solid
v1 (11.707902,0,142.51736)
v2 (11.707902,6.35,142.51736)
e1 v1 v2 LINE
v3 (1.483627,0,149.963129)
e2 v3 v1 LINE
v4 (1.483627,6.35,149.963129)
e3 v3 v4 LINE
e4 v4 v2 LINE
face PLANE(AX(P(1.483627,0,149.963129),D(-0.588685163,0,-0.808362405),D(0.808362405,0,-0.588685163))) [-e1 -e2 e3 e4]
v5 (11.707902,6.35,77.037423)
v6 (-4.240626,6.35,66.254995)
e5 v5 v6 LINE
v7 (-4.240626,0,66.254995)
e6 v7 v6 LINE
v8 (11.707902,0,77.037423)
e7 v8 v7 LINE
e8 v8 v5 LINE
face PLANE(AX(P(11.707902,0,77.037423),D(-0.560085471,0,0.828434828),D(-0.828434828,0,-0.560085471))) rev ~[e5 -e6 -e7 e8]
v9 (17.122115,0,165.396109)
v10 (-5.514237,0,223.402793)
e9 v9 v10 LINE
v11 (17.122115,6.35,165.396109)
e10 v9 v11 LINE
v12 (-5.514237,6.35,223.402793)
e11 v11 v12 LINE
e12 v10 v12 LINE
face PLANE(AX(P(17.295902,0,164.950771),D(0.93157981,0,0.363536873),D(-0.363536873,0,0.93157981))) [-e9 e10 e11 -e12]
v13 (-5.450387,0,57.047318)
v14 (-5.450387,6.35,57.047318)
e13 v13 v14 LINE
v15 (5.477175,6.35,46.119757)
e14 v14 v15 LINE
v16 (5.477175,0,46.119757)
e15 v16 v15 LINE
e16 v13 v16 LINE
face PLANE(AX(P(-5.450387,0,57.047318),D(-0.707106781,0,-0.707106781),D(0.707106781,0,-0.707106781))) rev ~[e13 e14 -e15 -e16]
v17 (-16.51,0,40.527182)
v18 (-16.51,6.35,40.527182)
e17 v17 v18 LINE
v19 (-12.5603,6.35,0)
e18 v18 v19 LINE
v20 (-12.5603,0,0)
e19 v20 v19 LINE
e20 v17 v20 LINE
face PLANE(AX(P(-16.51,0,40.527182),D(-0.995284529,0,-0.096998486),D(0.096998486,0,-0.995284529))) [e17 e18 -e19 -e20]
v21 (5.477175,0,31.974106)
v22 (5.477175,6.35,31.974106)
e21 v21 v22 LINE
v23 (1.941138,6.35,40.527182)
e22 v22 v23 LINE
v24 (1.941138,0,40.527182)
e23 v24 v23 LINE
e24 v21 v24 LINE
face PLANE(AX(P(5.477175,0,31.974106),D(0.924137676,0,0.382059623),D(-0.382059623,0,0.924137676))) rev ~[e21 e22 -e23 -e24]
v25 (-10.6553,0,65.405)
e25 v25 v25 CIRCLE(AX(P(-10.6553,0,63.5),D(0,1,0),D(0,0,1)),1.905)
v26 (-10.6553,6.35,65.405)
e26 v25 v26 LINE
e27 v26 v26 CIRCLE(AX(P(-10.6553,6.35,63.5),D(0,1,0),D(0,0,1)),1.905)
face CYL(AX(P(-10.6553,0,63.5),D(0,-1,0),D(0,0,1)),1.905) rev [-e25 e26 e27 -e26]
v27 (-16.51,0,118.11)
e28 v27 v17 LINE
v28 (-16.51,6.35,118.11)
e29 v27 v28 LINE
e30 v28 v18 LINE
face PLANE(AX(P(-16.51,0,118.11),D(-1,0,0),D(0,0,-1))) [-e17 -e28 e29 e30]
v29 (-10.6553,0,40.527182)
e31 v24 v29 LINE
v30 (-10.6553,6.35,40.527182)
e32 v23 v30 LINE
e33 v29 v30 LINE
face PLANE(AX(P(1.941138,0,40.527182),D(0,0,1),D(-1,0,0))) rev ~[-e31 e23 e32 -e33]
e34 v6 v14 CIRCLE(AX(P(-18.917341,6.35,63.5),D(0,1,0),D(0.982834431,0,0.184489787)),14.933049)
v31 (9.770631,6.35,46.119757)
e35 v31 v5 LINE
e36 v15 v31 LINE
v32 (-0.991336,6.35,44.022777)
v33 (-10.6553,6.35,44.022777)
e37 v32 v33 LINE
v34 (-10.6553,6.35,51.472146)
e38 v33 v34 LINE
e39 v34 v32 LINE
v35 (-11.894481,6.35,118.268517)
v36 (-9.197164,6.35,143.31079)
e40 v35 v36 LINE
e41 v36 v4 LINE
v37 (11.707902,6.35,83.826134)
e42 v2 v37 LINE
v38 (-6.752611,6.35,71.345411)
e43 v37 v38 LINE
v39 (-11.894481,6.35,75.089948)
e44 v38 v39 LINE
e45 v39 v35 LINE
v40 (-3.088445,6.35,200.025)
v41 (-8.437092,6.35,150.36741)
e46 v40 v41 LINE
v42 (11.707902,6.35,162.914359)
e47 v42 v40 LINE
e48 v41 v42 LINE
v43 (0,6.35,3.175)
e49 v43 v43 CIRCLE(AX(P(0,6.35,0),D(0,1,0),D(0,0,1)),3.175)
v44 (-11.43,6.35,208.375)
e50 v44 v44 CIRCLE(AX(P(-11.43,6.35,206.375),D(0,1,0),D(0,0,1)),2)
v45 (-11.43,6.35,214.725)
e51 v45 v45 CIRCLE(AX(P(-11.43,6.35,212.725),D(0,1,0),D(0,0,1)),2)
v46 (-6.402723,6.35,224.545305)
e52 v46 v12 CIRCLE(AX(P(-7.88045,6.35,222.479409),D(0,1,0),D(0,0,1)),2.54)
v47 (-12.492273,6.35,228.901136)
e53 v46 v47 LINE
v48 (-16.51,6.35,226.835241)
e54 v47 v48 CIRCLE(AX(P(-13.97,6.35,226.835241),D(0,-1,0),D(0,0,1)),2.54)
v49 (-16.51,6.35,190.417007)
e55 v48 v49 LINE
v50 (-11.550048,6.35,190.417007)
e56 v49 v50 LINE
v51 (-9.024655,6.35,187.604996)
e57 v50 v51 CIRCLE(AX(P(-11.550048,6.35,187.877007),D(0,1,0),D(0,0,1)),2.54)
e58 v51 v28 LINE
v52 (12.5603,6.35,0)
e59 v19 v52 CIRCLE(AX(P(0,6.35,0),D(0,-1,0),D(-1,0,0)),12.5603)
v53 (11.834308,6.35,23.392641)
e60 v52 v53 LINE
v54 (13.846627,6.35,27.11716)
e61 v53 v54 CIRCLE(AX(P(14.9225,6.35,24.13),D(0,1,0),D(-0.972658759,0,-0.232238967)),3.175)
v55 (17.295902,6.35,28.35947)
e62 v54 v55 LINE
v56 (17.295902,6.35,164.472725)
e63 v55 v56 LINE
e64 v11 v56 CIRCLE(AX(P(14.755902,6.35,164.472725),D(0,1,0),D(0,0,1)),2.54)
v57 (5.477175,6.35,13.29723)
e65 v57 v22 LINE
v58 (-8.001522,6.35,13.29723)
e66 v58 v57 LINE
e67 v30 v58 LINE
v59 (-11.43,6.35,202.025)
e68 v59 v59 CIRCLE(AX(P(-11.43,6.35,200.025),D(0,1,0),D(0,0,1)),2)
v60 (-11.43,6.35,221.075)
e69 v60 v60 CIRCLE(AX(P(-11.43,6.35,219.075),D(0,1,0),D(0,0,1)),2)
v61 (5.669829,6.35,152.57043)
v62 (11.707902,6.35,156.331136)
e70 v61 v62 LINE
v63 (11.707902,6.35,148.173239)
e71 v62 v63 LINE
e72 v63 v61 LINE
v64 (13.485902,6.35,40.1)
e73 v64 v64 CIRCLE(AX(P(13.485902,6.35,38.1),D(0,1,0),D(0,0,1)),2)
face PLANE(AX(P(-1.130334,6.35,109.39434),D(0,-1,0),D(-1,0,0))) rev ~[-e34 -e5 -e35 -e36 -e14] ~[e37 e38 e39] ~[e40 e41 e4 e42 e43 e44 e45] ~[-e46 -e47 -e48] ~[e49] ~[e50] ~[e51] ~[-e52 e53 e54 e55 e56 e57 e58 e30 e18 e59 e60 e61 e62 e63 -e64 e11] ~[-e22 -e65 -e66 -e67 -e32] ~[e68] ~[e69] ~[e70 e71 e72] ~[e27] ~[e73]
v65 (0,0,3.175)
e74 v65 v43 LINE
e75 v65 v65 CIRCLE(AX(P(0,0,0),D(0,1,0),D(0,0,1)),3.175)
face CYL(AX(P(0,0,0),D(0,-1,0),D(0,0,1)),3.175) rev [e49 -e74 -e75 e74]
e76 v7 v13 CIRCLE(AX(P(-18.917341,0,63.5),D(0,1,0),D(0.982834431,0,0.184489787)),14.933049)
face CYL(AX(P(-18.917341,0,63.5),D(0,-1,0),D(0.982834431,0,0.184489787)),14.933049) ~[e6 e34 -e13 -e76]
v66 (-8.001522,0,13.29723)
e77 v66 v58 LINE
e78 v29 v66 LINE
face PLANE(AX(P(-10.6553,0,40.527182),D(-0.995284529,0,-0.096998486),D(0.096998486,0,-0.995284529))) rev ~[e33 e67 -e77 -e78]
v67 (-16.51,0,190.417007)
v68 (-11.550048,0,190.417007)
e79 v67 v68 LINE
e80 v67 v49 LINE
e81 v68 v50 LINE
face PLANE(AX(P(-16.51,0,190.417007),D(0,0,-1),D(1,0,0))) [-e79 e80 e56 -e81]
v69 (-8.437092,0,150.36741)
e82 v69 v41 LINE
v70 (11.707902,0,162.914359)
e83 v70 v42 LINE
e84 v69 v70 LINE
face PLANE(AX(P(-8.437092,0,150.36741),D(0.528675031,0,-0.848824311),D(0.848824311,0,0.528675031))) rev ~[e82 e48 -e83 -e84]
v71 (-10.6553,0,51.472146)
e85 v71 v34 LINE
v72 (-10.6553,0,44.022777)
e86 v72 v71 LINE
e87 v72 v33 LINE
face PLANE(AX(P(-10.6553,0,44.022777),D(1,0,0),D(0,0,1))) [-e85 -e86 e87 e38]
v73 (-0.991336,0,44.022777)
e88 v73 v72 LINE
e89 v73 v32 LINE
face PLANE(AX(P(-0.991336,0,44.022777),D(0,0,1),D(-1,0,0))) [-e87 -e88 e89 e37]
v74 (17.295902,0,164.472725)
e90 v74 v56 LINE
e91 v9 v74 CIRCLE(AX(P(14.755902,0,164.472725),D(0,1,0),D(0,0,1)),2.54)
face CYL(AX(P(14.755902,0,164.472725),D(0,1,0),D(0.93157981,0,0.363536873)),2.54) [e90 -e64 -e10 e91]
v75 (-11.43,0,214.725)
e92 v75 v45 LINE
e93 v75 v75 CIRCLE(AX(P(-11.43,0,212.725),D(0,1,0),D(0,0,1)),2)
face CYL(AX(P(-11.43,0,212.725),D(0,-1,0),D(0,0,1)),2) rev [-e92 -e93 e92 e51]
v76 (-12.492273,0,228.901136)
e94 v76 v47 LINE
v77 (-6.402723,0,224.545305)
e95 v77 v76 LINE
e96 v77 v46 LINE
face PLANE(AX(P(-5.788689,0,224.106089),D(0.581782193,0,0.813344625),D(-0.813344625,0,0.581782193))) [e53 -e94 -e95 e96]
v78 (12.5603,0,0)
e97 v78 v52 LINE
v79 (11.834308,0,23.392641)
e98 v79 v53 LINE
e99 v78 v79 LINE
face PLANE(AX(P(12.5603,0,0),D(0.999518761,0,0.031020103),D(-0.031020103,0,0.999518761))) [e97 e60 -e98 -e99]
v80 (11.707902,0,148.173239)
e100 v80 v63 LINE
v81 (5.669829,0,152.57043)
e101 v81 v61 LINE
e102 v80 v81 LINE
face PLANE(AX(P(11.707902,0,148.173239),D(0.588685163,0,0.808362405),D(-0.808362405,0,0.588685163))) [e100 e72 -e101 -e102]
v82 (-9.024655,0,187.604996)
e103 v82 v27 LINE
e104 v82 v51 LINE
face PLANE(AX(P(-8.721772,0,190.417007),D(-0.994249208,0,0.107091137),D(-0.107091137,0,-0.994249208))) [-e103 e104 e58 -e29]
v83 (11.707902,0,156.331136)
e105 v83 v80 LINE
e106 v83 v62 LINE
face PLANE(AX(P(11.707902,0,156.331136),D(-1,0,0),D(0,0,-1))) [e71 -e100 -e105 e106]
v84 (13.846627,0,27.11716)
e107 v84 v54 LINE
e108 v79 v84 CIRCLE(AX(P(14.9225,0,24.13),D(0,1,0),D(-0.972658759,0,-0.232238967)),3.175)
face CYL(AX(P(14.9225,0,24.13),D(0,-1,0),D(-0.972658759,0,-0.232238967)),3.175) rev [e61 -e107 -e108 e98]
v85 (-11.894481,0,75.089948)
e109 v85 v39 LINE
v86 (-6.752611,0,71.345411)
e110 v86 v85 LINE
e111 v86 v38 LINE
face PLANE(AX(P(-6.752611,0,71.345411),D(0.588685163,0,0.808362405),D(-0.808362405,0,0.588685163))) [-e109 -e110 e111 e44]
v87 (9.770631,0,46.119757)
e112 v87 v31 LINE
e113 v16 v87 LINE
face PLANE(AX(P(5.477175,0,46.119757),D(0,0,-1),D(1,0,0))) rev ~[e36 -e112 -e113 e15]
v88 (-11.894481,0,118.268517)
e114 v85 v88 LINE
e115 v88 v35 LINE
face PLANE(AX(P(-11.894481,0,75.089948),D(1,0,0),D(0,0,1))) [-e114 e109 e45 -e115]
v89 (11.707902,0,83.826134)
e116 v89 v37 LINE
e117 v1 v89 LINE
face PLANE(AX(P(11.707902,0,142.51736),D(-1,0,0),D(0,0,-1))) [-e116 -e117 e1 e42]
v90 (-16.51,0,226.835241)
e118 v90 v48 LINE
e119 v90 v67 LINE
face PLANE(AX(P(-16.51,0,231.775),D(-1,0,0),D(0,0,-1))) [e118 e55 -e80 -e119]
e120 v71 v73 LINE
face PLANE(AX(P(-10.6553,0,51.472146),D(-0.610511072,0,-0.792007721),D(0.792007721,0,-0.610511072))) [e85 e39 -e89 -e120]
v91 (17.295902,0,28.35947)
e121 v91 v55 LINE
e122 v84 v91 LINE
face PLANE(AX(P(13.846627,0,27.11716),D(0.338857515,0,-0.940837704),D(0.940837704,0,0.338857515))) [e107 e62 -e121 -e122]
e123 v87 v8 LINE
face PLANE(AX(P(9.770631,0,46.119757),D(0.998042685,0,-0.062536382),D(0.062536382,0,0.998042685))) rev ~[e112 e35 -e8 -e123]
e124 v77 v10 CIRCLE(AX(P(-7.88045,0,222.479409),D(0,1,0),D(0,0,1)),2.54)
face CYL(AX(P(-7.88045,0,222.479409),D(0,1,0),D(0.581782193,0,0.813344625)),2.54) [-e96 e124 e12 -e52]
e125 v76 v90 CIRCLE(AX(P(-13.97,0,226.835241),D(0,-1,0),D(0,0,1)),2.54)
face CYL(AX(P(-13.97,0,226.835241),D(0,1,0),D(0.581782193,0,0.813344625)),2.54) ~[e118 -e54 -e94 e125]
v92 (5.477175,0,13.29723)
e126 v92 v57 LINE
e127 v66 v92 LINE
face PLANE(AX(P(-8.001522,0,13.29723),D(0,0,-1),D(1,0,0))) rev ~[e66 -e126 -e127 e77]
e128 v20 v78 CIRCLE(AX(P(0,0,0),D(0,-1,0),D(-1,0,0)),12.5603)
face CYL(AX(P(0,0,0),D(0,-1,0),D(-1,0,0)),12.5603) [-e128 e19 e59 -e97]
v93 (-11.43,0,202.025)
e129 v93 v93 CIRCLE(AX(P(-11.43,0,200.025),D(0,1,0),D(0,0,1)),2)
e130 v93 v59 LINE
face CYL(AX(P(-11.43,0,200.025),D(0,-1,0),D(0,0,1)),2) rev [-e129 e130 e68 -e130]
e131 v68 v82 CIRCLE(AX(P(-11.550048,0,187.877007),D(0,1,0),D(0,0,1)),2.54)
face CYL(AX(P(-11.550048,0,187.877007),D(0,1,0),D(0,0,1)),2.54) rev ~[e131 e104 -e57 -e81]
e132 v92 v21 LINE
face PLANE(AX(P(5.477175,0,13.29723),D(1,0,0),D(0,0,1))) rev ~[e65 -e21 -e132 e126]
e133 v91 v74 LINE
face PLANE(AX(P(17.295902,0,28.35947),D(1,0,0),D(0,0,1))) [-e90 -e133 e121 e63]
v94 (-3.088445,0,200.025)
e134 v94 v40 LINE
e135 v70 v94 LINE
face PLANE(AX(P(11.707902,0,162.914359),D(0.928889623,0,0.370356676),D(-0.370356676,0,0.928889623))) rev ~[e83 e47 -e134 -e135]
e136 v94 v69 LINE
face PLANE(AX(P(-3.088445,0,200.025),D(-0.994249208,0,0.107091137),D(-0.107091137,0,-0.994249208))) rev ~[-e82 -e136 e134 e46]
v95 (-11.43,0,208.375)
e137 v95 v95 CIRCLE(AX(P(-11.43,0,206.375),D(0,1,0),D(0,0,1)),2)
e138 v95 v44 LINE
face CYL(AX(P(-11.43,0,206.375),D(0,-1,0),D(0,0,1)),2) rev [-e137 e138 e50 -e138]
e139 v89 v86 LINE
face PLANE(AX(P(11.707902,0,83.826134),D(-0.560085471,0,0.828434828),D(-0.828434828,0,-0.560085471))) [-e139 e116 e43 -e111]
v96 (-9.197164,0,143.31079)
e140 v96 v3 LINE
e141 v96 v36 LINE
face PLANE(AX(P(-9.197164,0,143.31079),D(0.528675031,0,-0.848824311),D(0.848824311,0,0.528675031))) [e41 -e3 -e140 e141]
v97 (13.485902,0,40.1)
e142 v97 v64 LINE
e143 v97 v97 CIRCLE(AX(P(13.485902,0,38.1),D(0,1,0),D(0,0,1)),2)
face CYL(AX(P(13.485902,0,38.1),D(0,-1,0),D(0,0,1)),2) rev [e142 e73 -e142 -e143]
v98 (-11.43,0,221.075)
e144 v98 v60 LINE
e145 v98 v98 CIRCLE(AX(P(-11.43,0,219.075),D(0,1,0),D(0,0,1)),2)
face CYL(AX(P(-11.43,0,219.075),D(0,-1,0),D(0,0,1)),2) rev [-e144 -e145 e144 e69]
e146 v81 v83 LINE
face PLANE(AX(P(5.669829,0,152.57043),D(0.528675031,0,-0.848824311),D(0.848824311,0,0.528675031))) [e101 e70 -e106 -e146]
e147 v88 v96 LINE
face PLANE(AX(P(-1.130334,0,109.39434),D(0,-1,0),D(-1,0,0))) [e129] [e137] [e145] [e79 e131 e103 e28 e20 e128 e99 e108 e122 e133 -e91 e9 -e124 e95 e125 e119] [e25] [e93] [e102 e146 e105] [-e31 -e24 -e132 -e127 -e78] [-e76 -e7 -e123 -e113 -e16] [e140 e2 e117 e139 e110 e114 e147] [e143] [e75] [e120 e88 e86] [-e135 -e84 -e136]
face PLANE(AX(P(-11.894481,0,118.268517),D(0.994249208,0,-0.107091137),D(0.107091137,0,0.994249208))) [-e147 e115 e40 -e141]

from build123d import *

# Parameters (mm, degrees)
SKETCH2_R           = 3.175
SKETCH2_R_2         = 2
SKETCH2_R_3         = 1.905
SKETCH2_R_4         = 1.999999991
BOSS_EXTRUDE1_DEPTH = 6.35
FILLET2_R           = 2.54
FILLET3_R           = 2.54
FILLET4_R           = 2.54
FILLET5_R           = 2.54


with BuildPart() as part:
    # Sketch2 → Boss-Extrude1 (new body)
    with BuildSketch(Plane(origin=(0, 0, 0), x_dir=(1, 0, 0), z_dir=(0, 1, 0))):
        with BuildLine():
            Line((13.846627418, -27.11715969), (17.295902343, -28.359470371))
            Line((17.295902343, -28.359470371), (17.295902343, -164.950770806))
            Line((17.295902343, -164.950770806), (-5.788689103, -224.106088723))
            Line((-5.788689103, -224.106088723), (-16.51, -231.775))
            Line((-16.51, -231.775), (-16.51, -190.41700733))
            Line((-16.51, -190.41700733), (-8.721771923, -190.41700733))
            Line((-8.721771923, -190.41700733), (-16.51, -118.11))
            Line((-16.51, -118.11), (-16.51, -40.527182032))
            Line((-16.51, -40.527182032), (-12.5603, 0))
            ThreePointArc((-12.5603, 0), (0, 12.5603), (12.5603, 0))
            Line((12.5603, 0), (11.834308479, -23.392641285))
            ThreePointArc((11.834308479, -23.392641285), (12.129138804, -25.639224299), (13.846627418, -27.11715969))
        make_face()
        with Locations(Location((0, 0, 0), (0, 0, 270))):
            Circle(SKETCH2_R, mode=Mode.SUBTRACT)
        with Locations(Location((-11.43, -219.075, 0), (0, 0, 270))):
            Circle(SKETCH2_R_2, mode=Mode.SUBTRACT)
        with Locations(Location((-11.43, -212.725, 0), (0, 0, 270))):
            Circle(SKETCH2_R_2, mode=Mode.SUBTRACT)
        with Locations(Location((-11.43, -206.375, 0), (0, 0, 270))):
            Circle(SKETCH2_R_2, mode=Mode.SUBTRACT)
        with Locations(Location((-11.43, -200.025, 0), (0, 0, 270))):
            Circle(SKETCH2_R_2, mode=Mode.SUBTRACT)
        with Locations(Location((-10.6553, -63.5, 0), (0, 0, 270))):
            Circle(SKETCH2_R_3, mode=Mode.SUBTRACT)
        with Locations(Location((13.485902343, -38.1, 0), (0, 0, 270))):
            Circle(SKETCH2_R_4, mode=Mode.SUBTRACT)
        Polygon((-3.088444979, -200.025), (-8.437091633, -150.367410486), (11.707902343, -162.914359455), align=None, mode=Mode.SUBTRACT)
        Polygon((5.669829362, -152.570430441), (11.707902343, -156.331136136), (11.707902343, -148.173239335), align=None, mode=Mode.SUBTRACT)
        Polygon((-9.197164207, -143.310789567), (1.48362655, -149.963128939), (11.707902343, -142.517360277), (11.707902343, -83.82613362), (-6.752611098, -71.345410911), (-11.894481361, -75.089947663), (-11.894481361, -118.268516882), align=None, mode=Mode.SUBTRACT)
        with BuildLine():
            Line((-5.45038708, -57.047318199), (5.477174601, -46.119756518))
            Line((5.477174601, -46.119756518), (9.770631453, -46.119756518))
            Line((9.770631453, -46.119756518), (11.707902343, -77.037423395))
            Line((11.707902343, -77.037423395), (-4.240626345, -66.254995008))
            ThreePointArc((-4.240626345, -66.254995008), (-4.111536449, -61.554723114), (-5.45038708, -57.047318199))
        make_face(mode=Mode.SUBTRACT)
        Polygon((-5.48107582, -40.527182032), (-10.6553, -40.527182032), (-8.00152211, -13.297230483), (5.477174601, -13.297230483), (5.477174601, -31.974105906), (1.94113758, -40.527182032), align=None, mode=Mode.SUBTRACT)
        Polygon((-10.6553, -44.022777243), (-10.6553, -51.472145687), (-0.991335505, -44.022777243), align=None, mode=Mode.SUBTRACT)
    extrude(amount=BOSS_EXTRUDE1_DEPTH)

    # Fillet2
    fillet2_edges = [part.edges().sort_by_distance(p)[0] for p in [
        (-8.721771923, 3.175, 190.41700733),
    ]]
    fillet(fillet2_edges, radius=FILLET2_R)

    # Fillet3
    fillet3_edges = [part.edges().sort_by_distance(p)[0] for p in [
        (-5.788689103, 3.175, 224.106088723),
    ]]
    fillet(fillet3_edges, radius=FILLET3_R)

    # Fillet4
    fillet4_edges = [part.edges().sort_by_distance(p)[0] for p in [
        (-16.51, 3.175, 231.775),
    ]]
    fillet(fillet4_edges, radius=FILLET4_R)

    # Fillet5
    fillet5_edges = [part.edges().sort_by_distance(p)[0] for p in [
        (17.295902343, 3.175, 164.950770806),
    ]]
    fillet(fillet5_edges, radius=FILLET5_R)


solid = part.part
